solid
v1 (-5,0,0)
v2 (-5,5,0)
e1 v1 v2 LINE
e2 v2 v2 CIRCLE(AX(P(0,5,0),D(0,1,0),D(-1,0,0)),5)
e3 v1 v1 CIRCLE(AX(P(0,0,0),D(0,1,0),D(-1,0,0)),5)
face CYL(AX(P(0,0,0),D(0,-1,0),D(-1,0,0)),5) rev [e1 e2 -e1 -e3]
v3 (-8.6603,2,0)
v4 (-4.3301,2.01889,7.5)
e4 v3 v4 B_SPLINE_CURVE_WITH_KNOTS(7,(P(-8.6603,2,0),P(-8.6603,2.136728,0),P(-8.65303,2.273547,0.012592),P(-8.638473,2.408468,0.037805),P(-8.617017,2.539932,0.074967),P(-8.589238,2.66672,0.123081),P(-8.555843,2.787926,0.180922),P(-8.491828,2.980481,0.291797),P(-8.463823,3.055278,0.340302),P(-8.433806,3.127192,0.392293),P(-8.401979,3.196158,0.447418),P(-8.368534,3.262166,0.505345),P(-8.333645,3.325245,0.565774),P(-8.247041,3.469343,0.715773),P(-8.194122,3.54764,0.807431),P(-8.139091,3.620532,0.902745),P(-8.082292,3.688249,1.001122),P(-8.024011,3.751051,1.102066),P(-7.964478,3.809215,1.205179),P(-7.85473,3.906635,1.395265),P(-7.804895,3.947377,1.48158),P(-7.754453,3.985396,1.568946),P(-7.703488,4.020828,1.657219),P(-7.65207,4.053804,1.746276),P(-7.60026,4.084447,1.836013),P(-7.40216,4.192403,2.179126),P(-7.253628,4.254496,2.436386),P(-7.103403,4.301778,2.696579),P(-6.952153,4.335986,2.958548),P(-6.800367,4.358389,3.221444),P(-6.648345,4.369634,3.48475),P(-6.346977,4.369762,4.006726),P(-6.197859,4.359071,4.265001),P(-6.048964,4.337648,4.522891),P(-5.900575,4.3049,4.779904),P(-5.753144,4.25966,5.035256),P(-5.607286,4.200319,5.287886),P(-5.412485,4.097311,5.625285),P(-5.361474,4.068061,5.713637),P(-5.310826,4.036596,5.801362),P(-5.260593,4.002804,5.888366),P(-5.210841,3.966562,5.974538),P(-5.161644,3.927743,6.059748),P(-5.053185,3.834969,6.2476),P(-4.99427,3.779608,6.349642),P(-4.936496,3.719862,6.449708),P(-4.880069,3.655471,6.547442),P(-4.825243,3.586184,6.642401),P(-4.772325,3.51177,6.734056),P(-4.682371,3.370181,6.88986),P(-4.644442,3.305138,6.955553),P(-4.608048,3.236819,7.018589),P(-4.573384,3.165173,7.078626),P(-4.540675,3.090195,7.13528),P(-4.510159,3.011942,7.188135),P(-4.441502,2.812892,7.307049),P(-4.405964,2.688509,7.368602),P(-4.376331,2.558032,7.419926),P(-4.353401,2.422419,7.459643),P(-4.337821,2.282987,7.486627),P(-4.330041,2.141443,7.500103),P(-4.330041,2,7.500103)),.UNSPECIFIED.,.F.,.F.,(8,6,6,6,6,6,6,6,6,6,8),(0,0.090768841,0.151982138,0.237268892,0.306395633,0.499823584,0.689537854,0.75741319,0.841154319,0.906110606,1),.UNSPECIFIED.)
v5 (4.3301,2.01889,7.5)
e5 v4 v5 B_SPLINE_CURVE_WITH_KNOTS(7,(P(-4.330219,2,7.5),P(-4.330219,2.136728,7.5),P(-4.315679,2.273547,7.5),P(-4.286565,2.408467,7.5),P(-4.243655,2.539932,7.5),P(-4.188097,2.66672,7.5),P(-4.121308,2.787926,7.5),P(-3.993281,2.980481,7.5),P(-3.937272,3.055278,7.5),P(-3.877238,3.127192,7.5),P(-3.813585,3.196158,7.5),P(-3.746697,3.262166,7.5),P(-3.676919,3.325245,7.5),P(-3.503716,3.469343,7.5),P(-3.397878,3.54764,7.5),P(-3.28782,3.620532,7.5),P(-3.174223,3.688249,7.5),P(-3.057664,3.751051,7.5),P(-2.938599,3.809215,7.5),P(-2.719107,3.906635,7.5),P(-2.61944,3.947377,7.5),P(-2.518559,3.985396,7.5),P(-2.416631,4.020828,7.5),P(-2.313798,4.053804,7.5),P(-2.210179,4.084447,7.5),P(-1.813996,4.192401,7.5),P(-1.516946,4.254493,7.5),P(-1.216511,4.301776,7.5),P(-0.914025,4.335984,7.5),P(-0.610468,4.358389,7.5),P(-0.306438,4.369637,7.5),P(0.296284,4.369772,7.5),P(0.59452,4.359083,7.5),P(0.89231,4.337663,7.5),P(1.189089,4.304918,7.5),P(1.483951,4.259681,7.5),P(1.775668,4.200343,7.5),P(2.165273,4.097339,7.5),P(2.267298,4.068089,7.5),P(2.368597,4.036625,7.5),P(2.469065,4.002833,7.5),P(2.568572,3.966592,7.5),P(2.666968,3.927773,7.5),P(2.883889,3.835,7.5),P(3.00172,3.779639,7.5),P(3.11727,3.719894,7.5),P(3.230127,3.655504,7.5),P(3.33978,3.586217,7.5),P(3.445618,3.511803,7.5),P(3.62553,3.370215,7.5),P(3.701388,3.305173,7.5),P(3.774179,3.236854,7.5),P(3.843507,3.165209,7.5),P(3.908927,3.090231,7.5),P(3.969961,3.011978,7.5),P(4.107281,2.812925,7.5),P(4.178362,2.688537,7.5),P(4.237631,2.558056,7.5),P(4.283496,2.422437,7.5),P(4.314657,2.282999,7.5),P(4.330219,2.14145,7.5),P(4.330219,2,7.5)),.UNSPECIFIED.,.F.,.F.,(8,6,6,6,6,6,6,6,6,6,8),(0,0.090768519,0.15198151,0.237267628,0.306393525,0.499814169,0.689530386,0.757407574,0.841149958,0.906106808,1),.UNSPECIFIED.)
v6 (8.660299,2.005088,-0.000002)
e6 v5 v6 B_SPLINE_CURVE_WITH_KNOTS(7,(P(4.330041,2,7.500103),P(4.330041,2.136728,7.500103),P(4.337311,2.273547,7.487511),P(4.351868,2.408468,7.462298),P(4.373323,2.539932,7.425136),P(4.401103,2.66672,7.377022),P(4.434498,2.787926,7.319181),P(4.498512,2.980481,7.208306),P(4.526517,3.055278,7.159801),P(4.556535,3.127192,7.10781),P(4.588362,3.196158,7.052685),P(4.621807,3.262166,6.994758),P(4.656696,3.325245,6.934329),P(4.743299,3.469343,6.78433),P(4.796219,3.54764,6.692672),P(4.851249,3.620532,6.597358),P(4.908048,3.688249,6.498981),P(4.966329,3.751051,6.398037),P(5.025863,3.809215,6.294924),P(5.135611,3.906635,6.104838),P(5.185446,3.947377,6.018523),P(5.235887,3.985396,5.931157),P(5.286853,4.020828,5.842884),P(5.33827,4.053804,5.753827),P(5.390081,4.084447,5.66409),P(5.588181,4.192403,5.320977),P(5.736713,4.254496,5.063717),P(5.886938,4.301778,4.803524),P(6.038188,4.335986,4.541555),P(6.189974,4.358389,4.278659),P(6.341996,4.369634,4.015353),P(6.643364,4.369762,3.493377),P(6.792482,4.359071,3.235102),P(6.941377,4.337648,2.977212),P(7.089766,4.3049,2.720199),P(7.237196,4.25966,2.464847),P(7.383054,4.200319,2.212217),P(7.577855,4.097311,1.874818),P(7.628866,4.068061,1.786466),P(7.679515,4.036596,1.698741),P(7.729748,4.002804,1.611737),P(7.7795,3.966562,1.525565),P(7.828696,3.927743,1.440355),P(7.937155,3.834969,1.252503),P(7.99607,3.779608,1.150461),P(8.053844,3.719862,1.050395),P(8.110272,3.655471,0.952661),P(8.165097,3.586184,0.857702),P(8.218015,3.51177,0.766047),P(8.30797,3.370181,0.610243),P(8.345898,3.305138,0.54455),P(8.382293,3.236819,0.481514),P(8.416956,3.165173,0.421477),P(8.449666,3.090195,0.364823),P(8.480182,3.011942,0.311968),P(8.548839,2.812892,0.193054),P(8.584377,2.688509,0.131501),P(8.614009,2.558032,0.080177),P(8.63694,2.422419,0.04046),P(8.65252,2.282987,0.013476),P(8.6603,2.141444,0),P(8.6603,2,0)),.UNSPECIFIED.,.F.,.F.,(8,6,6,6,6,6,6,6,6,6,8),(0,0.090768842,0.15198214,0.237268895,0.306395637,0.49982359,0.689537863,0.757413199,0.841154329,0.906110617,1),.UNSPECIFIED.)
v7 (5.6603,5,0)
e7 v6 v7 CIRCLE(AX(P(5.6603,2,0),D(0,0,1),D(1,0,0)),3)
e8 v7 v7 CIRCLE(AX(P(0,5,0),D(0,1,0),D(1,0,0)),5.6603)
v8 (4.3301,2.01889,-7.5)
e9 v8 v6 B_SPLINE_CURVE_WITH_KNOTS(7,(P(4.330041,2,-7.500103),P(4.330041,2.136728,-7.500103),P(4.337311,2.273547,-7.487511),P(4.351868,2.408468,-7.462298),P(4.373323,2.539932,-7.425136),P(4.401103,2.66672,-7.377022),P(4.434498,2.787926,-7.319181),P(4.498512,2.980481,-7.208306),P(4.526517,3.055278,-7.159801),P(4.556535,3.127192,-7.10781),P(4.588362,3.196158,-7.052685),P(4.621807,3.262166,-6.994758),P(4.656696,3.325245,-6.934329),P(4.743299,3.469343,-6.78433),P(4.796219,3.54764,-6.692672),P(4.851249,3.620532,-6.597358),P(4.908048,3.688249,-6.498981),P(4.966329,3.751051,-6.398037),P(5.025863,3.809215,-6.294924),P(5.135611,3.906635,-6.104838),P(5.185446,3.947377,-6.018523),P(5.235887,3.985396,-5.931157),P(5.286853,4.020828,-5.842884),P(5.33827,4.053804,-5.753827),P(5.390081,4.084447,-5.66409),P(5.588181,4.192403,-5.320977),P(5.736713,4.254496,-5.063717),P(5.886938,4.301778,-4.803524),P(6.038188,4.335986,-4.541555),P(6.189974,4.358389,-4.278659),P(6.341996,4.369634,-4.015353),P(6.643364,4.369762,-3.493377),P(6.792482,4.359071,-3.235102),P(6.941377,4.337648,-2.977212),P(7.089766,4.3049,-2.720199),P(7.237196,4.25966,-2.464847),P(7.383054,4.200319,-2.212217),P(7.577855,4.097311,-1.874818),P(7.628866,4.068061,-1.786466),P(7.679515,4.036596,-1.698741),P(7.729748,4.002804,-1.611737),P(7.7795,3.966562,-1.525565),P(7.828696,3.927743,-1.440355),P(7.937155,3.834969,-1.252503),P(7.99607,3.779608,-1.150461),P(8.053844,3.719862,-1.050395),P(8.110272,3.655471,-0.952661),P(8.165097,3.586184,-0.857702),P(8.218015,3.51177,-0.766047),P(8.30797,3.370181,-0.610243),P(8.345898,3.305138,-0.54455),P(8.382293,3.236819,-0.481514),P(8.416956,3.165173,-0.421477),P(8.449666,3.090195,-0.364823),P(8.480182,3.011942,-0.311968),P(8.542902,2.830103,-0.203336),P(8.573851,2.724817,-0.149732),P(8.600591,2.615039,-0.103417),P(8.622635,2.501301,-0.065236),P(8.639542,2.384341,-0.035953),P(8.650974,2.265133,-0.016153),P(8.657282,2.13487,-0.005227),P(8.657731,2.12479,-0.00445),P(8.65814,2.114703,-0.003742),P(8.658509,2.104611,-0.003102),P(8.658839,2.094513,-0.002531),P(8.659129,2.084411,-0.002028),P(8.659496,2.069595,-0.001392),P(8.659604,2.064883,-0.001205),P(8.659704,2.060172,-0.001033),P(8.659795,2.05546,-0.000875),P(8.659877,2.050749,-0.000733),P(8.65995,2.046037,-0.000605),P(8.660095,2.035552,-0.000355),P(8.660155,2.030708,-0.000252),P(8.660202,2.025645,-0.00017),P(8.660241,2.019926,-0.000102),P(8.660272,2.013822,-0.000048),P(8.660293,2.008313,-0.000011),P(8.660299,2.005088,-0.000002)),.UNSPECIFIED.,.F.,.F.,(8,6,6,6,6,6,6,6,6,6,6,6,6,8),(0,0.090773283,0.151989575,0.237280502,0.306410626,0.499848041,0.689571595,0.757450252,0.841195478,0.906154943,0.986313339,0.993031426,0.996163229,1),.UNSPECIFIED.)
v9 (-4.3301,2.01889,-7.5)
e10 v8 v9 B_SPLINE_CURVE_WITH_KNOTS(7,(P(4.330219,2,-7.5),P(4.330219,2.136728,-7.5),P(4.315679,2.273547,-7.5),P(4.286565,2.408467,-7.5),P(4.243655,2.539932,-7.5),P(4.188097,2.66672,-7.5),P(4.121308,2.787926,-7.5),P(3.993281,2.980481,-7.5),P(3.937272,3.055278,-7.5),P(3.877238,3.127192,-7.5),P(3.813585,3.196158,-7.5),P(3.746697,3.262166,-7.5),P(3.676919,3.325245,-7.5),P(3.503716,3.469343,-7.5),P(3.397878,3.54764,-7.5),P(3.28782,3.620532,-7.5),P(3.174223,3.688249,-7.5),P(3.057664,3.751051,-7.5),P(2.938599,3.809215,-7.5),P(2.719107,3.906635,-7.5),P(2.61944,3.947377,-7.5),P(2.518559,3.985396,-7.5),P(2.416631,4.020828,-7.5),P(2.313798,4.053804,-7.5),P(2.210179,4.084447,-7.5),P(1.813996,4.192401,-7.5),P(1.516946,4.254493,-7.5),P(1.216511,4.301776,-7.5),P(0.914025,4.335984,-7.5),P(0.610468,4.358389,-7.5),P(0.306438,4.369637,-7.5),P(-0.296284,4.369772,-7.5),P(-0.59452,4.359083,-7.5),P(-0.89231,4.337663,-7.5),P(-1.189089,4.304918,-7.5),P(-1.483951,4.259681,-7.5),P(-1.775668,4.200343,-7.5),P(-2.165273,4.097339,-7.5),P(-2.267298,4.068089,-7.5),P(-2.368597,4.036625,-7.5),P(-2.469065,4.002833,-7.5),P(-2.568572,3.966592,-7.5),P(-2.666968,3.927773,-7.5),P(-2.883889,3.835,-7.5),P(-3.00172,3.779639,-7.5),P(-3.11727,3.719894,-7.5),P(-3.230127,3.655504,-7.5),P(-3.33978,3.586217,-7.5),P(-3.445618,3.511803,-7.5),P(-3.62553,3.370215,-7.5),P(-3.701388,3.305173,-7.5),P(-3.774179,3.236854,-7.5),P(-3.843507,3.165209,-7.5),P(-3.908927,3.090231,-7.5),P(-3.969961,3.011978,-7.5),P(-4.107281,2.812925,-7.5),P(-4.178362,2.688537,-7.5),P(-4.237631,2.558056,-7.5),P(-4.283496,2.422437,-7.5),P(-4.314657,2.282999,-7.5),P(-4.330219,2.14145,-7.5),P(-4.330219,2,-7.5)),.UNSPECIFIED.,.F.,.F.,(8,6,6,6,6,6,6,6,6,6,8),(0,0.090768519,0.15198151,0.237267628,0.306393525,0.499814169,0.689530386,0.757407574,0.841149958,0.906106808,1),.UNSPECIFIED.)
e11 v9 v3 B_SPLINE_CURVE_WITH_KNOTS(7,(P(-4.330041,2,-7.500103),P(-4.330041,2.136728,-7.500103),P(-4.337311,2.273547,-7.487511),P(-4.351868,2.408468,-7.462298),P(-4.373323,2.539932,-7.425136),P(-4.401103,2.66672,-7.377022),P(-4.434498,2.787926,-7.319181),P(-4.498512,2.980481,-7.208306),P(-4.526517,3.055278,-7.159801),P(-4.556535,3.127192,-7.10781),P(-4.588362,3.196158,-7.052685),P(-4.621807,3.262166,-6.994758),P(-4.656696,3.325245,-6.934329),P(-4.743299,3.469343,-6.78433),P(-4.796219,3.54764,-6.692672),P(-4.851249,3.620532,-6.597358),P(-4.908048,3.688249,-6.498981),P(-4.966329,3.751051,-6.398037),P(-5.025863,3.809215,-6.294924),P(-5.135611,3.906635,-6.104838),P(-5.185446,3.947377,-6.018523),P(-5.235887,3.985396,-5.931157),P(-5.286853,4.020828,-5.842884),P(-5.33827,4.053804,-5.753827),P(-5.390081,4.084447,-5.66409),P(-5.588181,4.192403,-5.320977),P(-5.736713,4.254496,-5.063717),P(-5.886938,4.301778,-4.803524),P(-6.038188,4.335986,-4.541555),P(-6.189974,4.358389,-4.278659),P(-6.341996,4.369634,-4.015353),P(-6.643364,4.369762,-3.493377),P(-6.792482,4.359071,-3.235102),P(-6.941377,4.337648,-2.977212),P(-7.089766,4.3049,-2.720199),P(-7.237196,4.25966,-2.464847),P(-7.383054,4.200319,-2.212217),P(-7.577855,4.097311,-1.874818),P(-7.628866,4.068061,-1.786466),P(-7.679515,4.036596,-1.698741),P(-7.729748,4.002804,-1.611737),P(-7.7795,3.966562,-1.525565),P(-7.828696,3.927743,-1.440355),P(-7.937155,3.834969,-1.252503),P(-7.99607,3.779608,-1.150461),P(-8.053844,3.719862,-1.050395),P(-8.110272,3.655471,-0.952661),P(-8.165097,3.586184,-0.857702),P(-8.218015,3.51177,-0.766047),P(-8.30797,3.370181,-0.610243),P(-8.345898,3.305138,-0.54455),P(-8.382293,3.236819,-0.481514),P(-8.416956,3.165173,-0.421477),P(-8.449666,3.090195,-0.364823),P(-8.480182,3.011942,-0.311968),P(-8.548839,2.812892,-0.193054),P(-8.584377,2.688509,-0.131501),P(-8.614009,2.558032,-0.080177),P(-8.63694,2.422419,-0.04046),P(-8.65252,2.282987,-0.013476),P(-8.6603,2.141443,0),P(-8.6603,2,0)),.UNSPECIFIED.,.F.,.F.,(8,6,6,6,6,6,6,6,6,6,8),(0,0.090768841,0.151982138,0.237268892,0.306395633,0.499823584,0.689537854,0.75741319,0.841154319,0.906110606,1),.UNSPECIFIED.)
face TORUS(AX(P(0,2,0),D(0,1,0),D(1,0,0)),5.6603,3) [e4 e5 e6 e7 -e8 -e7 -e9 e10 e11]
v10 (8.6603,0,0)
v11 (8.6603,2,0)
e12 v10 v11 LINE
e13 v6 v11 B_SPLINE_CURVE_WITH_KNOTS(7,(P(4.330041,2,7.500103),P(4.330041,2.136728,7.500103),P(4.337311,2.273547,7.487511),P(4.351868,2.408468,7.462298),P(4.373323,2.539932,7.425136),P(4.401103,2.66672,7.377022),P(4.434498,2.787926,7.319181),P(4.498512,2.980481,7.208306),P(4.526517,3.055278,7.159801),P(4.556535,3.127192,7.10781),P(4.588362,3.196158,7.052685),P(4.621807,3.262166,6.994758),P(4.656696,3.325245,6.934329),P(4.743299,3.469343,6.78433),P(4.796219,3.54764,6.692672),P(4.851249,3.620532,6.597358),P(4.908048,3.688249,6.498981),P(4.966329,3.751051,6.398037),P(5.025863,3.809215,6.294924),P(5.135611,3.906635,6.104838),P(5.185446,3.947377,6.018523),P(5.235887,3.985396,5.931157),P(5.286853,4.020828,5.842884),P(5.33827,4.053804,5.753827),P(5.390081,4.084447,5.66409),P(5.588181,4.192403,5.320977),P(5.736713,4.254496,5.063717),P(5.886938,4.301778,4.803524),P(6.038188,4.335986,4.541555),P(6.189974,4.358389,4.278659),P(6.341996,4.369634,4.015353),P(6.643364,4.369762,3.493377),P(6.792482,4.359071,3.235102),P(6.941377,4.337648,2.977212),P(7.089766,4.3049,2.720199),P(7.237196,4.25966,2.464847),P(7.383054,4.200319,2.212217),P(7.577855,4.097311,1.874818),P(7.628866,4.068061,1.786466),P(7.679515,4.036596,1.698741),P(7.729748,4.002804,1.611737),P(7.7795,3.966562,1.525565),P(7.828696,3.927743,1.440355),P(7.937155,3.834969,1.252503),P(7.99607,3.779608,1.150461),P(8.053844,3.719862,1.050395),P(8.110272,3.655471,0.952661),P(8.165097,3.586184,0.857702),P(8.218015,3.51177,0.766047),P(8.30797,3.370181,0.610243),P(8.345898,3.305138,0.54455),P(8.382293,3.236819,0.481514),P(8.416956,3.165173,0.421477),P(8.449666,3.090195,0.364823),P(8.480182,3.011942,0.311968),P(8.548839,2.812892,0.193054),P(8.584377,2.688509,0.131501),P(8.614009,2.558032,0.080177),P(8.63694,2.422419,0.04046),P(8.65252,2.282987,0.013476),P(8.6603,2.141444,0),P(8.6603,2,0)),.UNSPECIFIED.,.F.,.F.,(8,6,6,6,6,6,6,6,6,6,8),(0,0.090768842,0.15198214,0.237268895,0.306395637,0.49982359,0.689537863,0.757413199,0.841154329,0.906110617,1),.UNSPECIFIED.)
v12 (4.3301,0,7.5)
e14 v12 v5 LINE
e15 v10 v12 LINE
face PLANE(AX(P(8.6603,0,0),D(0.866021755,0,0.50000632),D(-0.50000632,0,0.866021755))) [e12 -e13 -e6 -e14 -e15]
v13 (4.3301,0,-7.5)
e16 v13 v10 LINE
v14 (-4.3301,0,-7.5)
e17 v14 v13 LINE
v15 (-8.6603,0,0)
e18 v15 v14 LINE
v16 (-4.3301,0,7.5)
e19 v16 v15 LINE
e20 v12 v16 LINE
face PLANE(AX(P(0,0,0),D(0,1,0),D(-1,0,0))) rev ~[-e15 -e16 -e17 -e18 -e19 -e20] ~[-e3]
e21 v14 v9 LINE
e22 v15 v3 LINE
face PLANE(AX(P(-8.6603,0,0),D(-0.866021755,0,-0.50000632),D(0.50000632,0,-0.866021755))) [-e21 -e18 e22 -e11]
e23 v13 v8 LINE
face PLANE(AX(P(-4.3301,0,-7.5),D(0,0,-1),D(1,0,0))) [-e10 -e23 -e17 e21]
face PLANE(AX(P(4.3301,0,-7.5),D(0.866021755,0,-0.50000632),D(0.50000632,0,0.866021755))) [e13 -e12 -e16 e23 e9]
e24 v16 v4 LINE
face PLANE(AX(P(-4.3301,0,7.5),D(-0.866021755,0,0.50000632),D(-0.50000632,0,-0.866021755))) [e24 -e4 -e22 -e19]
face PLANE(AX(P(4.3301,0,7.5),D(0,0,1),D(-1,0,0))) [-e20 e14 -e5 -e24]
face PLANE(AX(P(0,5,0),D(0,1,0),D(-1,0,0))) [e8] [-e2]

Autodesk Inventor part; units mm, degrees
ref_plane "YZ Plane" through (0, 0, 0) normal (1, 0, 0) x (0, 1, 0)
ref_plane "XZ Plane" through (0, 0, 0) normal (0, 1, 0) x (-1, 0, 0)
ref_plane "XY Plane" through (0, 0, 0) normal (0, 0, 1) x (1, 0, 0)
sketch "Sketch1" plane through (0, 0, 0) normal (0, 1, 0) x (-1, 0, 0)
  line L0 (-8.6603, 0) -> (-4.3301, 7.5)
  line L1 (-4.3301, 7.5) -> (4.3301, 7.5)
  line L2 (4.3301, 7.5) -> (8.6603, 0)
  line L3 (8.6603, 0) -> (4.3301, -7.5)
  line L4 (4.3301, -7.5) -> (-4.3301, -7.5)
  line L5 (-4.3301, -7.5) -> (-8.6603, 0)
  circle A0 centre (0, 0) radius 5
  dimension "d0" = 15
  dimension "d1" = 10
extrude "Extrusion1" add sketch "Sketch1" along normal blind 5
sketch "Sketch5" plane through (0, 0, 0) normal (0, 0, 1) x (1, 0, 0)
  line L0 (8.6603, 5) -> (4.3301, 5) projected
  line L1 (5.6603, 5) -> (8.6603, 5)
  line L2 (8.6603, 2) -> (8.6603, 2.1818)
  arc A0 (8.6603, 2) -> (5.6603, 5) centre (5.6603, 2) ccw
  line L3 (8.6603, 2) -> (8.6603, 5)
  line L4 (0, 0) -> (0, 10.7408) construction
  dimension "d6" = 3
revolve "Revolution1" cut sketch "Sketch5" angle 360 about axis through (0, 0, 0) along (0, 1, 0)
thread "Thread1" size "M10x1.5" class "6H" standard "ANSI Metric M Profile" full length
properties part number "NUT"
